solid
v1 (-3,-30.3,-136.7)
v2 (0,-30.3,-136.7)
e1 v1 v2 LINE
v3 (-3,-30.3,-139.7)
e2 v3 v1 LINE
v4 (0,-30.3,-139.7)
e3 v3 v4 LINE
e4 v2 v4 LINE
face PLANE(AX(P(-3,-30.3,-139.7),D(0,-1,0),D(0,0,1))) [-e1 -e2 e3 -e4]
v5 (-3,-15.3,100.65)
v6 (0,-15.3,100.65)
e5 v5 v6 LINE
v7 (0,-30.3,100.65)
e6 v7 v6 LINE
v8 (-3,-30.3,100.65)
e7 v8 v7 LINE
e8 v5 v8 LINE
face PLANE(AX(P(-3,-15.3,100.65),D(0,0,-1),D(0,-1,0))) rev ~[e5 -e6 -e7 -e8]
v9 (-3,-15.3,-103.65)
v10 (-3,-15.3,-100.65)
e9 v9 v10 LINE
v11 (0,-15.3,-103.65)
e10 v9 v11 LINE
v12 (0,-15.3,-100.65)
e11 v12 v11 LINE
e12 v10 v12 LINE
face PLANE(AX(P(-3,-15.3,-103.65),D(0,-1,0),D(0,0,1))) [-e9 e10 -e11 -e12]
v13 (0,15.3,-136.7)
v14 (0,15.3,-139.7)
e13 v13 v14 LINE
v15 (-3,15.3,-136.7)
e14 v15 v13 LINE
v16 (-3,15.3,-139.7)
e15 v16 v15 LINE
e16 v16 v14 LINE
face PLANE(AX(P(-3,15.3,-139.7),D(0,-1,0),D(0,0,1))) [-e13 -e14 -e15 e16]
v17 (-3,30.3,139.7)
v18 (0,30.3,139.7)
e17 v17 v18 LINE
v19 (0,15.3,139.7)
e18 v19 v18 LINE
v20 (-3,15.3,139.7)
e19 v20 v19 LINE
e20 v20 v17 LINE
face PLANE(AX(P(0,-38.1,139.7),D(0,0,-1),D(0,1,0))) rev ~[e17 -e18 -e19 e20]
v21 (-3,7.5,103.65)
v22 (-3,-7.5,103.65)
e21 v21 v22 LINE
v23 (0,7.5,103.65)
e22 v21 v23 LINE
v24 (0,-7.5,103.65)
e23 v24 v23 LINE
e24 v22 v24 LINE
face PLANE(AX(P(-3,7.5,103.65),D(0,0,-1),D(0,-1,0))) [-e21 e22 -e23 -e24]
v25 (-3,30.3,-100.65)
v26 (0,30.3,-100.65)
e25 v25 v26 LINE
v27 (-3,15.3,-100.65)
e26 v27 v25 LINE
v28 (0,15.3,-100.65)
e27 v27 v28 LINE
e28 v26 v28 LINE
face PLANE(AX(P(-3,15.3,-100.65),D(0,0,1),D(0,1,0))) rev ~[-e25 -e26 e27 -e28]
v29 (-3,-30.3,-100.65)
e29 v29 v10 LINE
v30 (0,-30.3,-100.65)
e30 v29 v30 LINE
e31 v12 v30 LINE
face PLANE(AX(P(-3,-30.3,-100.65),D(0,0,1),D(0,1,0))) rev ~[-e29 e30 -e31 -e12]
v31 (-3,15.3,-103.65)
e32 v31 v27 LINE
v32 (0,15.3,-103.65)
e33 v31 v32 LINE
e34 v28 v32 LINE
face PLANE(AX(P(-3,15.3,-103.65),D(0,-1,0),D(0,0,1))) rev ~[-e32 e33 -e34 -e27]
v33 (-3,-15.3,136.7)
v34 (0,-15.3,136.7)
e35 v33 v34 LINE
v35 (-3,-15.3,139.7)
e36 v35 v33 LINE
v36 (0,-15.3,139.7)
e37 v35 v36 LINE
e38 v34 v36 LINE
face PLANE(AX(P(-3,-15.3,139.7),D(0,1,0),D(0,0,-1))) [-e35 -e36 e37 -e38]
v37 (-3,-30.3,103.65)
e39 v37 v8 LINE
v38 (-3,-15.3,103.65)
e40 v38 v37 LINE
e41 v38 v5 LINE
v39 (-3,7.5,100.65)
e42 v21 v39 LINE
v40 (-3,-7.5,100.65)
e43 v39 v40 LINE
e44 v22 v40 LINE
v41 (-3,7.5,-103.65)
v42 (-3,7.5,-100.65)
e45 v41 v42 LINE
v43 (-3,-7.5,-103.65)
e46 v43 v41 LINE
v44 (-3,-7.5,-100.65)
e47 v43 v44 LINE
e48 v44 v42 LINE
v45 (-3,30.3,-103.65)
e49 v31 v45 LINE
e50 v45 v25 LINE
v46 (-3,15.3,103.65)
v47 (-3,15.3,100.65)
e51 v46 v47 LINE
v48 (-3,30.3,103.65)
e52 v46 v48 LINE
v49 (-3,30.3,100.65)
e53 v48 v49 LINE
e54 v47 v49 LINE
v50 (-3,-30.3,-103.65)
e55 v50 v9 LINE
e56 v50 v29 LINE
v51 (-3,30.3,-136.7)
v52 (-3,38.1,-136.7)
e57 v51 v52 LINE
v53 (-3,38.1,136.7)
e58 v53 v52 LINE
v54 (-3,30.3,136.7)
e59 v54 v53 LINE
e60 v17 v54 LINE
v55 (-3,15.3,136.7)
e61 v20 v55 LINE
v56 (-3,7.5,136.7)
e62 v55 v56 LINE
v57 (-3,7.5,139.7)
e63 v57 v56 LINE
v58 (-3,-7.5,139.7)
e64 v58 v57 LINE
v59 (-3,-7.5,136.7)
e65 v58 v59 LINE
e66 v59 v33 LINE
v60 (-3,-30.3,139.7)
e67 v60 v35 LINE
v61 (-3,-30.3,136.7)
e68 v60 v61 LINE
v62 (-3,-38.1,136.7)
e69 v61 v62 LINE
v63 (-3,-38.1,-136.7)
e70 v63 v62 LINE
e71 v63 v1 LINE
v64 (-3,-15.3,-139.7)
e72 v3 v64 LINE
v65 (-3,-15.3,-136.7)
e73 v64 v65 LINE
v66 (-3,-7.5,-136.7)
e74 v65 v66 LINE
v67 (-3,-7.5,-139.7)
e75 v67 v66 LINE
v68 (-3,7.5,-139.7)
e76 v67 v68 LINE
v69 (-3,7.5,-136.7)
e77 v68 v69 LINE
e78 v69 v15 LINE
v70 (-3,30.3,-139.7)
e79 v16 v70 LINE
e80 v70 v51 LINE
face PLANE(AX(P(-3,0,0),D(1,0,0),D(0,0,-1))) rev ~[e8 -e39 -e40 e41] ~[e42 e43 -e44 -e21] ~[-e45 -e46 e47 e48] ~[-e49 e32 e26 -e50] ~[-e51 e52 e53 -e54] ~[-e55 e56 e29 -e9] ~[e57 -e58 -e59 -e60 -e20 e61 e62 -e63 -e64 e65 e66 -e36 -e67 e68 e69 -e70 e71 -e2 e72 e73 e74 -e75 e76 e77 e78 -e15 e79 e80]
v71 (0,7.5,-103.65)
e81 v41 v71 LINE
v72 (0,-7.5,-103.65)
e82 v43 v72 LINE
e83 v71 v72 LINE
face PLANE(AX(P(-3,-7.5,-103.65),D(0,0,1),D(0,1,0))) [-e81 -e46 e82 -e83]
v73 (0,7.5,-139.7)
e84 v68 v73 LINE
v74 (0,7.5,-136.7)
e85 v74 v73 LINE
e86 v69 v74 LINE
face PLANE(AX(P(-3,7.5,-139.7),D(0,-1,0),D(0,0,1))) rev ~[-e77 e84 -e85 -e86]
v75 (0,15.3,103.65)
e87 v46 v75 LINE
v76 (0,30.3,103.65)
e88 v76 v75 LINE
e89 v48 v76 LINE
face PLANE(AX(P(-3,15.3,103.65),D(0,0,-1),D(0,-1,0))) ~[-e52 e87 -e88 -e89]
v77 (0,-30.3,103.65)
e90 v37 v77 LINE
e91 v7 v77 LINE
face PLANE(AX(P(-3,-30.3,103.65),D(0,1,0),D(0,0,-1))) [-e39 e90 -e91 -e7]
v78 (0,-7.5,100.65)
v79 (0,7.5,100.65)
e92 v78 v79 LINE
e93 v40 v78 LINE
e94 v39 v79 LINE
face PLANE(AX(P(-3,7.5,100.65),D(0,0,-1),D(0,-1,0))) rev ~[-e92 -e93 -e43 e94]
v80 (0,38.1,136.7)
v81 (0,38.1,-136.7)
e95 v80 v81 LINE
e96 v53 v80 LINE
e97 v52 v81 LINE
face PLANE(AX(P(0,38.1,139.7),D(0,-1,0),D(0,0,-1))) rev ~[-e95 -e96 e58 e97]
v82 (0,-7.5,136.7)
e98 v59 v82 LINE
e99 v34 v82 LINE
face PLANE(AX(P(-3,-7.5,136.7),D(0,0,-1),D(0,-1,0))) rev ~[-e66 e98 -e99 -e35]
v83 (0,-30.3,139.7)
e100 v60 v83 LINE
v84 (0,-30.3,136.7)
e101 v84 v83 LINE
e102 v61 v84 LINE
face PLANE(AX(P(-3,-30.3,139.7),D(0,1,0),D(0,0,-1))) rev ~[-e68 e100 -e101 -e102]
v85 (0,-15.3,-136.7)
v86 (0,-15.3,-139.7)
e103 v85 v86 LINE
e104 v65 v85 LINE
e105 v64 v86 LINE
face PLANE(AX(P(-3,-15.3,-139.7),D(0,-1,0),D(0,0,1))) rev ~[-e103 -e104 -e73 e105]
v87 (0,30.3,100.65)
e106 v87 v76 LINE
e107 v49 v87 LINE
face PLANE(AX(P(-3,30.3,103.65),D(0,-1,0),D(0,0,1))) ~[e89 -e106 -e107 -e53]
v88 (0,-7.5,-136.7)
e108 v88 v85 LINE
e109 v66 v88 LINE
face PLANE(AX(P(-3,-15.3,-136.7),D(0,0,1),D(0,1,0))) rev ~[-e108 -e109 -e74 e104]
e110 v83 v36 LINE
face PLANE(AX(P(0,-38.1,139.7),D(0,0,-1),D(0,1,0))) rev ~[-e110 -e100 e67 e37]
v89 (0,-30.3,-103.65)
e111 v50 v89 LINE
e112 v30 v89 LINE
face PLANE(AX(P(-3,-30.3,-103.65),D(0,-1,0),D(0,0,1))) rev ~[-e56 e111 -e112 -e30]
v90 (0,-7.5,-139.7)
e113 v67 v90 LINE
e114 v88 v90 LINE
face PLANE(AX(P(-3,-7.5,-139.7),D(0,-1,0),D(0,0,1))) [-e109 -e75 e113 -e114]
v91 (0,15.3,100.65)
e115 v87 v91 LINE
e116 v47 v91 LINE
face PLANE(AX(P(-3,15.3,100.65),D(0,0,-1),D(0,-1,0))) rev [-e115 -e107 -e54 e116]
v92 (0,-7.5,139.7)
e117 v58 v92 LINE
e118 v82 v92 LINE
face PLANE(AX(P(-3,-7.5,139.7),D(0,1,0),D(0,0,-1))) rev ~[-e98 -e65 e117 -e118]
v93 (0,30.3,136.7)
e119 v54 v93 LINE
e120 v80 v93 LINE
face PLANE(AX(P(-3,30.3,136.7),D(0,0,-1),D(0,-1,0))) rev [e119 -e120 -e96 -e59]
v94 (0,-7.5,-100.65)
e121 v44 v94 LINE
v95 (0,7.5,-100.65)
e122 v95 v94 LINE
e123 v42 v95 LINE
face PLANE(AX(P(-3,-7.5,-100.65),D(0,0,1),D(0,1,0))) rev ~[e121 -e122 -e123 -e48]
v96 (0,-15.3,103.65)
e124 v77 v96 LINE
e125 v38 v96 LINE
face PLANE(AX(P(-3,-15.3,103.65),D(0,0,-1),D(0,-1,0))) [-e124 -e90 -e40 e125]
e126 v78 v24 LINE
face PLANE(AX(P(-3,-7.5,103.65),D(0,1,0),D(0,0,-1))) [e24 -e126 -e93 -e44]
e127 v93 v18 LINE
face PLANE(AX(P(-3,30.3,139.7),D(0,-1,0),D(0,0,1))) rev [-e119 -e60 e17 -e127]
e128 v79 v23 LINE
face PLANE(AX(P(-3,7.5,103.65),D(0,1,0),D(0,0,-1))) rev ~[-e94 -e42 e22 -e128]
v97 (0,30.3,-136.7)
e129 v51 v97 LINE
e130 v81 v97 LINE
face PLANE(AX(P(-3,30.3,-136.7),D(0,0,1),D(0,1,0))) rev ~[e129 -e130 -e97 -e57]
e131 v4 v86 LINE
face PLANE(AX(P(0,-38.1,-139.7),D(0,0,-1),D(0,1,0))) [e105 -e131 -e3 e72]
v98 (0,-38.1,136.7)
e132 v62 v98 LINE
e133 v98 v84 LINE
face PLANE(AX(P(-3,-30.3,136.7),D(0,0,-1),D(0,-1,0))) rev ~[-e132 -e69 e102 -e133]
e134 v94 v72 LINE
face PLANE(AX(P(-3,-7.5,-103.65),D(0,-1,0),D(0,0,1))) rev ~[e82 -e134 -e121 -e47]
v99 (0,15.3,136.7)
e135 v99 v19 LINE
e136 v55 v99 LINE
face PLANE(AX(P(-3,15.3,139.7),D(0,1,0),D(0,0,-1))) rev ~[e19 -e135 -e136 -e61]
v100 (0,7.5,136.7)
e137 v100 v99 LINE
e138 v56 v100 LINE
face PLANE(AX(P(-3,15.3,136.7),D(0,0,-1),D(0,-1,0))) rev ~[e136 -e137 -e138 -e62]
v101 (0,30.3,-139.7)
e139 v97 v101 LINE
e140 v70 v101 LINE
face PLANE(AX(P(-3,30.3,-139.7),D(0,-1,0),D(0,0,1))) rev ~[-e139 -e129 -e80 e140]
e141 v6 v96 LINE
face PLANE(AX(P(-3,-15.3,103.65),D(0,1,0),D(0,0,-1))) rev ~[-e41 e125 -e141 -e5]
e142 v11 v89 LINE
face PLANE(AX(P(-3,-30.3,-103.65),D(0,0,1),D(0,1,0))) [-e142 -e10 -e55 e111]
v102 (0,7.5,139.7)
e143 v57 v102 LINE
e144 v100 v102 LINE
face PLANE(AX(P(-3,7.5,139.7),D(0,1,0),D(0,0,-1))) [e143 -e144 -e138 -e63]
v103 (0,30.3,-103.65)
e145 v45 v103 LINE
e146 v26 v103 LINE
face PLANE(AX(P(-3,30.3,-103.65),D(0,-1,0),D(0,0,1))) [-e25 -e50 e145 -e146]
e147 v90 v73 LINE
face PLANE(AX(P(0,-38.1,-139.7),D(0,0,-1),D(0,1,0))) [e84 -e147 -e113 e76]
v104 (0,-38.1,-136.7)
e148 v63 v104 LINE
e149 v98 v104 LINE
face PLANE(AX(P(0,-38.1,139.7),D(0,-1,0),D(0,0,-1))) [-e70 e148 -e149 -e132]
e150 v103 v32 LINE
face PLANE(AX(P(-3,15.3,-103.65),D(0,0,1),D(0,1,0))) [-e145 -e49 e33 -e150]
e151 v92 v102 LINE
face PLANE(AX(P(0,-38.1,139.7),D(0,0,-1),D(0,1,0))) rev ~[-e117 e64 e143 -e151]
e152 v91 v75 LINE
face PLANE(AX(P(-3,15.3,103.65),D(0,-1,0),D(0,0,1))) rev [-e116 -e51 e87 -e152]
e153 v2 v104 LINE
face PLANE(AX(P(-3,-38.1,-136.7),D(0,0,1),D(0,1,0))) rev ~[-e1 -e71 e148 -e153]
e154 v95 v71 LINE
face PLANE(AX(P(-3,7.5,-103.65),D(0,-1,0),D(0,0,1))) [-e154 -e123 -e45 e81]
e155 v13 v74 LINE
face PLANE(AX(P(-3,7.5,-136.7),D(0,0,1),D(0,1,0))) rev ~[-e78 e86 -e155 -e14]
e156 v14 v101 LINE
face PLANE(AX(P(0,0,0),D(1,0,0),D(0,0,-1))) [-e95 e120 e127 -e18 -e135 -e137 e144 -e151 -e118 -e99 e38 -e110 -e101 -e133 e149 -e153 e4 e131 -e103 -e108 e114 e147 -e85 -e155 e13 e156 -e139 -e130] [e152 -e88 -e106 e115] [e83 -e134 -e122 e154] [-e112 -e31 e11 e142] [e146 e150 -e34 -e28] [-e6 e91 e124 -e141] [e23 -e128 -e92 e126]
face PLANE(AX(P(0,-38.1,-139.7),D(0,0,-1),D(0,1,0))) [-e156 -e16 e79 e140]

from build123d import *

# Parameters (mm, degrees)
SKETCH1_W                 = 279.4
SKETCH1_H                 = 76.2
BOSS_EXTRUDE1_DEPTH       = 3
SKETCH3_W                 = 3
SKETCH3_H                 = 15
SKETCH3_H_2               = 7.8
CUT_EXTRUDE1_DEPTH        = 145.833352512
LPATTERN1_COUNT           = 4
LPATTERN1_PITCH           = 22.8
MIRROR1_COPY_1_SKETCH_W   = 3
MIRROR1_COPY_1_SKETCH_H   = 15
MIRROR1_COPY_1_SKETCH_H_2 = 7.8
MIRROR1_COPY_1_DEPTH      = 145.833352512
MIRROR1_COPY_2_SKETCH_W   = 3
MIRROR1_COPY_2_SKETCH_H   = 15
MIRROR1_COPY_2_SKETCH_H_2 = 7.8
MIRROR1_COPY_2_DEPTH      = 145.833352512
MIRROR1_COPY_3_SKETCH_W   = 3
MIRROR1_COPY_3_SKETCH_H   = 15
MIRROR1_COPY_3_SKETCH_H_2 = 7.8
MIRROR1_COPY_3_DEPTH      = 145.833352512


with BuildPart() as part:
    # Sketch1 → Boss-Extrude1 (new body)
    with BuildSketch(Plane(origin=(0, 0, 0), x_dir=(0, 0, -1), z_dir=(1, 0, 0))):
        Rectangle(SKETCH1_W, SKETCH1_H)
    extrude(amount=-BOSS_EXTRUDE1_DEPTH)

    # Sketch3 → Cut-Extrude1 (cut, through all)
    with BuildSketch(Plane.ZY.offset(3)):
        with Locations((-102.15, 22.8)):
            Rectangle(SKETCH3_W, SKETCH3_H)
        with Locations((-138.2, 34.2)):
            Rectangle(SKETCH3_W, SKETCH3_H_2)
    cut_extrude1 = extrude(amount=-CUT_EXTRUDE1_DEPTH, mode=Mode.SUBTRACT)

    # LPattern1: Cut-Extrude1 ×4
    with Locations(*[(0, -i * LPATTERN1_PITCH, 0) for i in range(1, LPATTERN1_COUNT)]):
        add(cut_extrude1, mode=Mode.SUBTRACT)

    # Mirror1: Cut-Extrude1 across plane
    add(cut_extrude1.mirror(Plane.XY), mode=Mode.SUBTRACT)

    # Mirror1 copy 1 sketch → Mirror1 copy 1 (cut, through all)
    with BuildSketch(Plane(origin=(-3, -22.8, 0), x_dir=(0, 0, -1), z_dir=(-1, 0, 0))):
        with Locations((-102.15, -22.8)):
            Rectangle(MIRROR1_COPY_1_SKETCH_W, MIRROR1_COPY_1_SKETCH_H)
        with Locations((-138.2, -34.2)):
            Rectangle(MIRROR1_COPY_1_SKETCH_W, MIRROR1_COPY_1_SKETCH_H_2)
    extrude(amount=-MIRROR1_COPY_1_DEPTH, mode=Mode.SUBTRACT)

    # Mirror1 copy 2 sketch → Mirror1 copy 2 (cut, through all)
    with BuildSketch(Plane(origin=(-3, -45.6, 0), x_dir=(0, 0, -1), z_dir=(-1, 0, 0))):
        with Locations((-102.15, -22.8)):
            Rectangle(MIRROR1_COPY_2_SKETCH_W, MIRROR1_COPY_2_SKETCH_H)
        with Locations((-138.2, -34.2)):
            Rectangle(MIRROR1_COPY_2_SKETCH_W, MIRROR1_COPY_2_SKETCH_H_2)
    extrude(amount=-MIRROR1_COPY_2_DEPTH, mode=Mode.SUBTRACT)

    # Mirror1 copy 3 sketch → Mirror1 copy 3 (cut, through all)
    with BuildSketch(Plane(origin=(-3, -68.4, 0), x_dir=(0, 0, -1), z_dir=(-1, 0, 0))):
        with Locations((-102.15, -22.8)):
            Rectangle(MIRROR1_COPY_3_SKETCH_W, MIRROR1_COPY_3_SKETCH_H)
        with Locations((-138.2, -34.2)):
            Rectangle(MIRROR1_COPY_3_SKETCH_W, MIRROR1_COPY_3_SKETCH_H_2)
    extrude(amount=-MIRROR1_COPY_3_DEPTH, mode=Mode.SUBTRACT)


solid = part.part
